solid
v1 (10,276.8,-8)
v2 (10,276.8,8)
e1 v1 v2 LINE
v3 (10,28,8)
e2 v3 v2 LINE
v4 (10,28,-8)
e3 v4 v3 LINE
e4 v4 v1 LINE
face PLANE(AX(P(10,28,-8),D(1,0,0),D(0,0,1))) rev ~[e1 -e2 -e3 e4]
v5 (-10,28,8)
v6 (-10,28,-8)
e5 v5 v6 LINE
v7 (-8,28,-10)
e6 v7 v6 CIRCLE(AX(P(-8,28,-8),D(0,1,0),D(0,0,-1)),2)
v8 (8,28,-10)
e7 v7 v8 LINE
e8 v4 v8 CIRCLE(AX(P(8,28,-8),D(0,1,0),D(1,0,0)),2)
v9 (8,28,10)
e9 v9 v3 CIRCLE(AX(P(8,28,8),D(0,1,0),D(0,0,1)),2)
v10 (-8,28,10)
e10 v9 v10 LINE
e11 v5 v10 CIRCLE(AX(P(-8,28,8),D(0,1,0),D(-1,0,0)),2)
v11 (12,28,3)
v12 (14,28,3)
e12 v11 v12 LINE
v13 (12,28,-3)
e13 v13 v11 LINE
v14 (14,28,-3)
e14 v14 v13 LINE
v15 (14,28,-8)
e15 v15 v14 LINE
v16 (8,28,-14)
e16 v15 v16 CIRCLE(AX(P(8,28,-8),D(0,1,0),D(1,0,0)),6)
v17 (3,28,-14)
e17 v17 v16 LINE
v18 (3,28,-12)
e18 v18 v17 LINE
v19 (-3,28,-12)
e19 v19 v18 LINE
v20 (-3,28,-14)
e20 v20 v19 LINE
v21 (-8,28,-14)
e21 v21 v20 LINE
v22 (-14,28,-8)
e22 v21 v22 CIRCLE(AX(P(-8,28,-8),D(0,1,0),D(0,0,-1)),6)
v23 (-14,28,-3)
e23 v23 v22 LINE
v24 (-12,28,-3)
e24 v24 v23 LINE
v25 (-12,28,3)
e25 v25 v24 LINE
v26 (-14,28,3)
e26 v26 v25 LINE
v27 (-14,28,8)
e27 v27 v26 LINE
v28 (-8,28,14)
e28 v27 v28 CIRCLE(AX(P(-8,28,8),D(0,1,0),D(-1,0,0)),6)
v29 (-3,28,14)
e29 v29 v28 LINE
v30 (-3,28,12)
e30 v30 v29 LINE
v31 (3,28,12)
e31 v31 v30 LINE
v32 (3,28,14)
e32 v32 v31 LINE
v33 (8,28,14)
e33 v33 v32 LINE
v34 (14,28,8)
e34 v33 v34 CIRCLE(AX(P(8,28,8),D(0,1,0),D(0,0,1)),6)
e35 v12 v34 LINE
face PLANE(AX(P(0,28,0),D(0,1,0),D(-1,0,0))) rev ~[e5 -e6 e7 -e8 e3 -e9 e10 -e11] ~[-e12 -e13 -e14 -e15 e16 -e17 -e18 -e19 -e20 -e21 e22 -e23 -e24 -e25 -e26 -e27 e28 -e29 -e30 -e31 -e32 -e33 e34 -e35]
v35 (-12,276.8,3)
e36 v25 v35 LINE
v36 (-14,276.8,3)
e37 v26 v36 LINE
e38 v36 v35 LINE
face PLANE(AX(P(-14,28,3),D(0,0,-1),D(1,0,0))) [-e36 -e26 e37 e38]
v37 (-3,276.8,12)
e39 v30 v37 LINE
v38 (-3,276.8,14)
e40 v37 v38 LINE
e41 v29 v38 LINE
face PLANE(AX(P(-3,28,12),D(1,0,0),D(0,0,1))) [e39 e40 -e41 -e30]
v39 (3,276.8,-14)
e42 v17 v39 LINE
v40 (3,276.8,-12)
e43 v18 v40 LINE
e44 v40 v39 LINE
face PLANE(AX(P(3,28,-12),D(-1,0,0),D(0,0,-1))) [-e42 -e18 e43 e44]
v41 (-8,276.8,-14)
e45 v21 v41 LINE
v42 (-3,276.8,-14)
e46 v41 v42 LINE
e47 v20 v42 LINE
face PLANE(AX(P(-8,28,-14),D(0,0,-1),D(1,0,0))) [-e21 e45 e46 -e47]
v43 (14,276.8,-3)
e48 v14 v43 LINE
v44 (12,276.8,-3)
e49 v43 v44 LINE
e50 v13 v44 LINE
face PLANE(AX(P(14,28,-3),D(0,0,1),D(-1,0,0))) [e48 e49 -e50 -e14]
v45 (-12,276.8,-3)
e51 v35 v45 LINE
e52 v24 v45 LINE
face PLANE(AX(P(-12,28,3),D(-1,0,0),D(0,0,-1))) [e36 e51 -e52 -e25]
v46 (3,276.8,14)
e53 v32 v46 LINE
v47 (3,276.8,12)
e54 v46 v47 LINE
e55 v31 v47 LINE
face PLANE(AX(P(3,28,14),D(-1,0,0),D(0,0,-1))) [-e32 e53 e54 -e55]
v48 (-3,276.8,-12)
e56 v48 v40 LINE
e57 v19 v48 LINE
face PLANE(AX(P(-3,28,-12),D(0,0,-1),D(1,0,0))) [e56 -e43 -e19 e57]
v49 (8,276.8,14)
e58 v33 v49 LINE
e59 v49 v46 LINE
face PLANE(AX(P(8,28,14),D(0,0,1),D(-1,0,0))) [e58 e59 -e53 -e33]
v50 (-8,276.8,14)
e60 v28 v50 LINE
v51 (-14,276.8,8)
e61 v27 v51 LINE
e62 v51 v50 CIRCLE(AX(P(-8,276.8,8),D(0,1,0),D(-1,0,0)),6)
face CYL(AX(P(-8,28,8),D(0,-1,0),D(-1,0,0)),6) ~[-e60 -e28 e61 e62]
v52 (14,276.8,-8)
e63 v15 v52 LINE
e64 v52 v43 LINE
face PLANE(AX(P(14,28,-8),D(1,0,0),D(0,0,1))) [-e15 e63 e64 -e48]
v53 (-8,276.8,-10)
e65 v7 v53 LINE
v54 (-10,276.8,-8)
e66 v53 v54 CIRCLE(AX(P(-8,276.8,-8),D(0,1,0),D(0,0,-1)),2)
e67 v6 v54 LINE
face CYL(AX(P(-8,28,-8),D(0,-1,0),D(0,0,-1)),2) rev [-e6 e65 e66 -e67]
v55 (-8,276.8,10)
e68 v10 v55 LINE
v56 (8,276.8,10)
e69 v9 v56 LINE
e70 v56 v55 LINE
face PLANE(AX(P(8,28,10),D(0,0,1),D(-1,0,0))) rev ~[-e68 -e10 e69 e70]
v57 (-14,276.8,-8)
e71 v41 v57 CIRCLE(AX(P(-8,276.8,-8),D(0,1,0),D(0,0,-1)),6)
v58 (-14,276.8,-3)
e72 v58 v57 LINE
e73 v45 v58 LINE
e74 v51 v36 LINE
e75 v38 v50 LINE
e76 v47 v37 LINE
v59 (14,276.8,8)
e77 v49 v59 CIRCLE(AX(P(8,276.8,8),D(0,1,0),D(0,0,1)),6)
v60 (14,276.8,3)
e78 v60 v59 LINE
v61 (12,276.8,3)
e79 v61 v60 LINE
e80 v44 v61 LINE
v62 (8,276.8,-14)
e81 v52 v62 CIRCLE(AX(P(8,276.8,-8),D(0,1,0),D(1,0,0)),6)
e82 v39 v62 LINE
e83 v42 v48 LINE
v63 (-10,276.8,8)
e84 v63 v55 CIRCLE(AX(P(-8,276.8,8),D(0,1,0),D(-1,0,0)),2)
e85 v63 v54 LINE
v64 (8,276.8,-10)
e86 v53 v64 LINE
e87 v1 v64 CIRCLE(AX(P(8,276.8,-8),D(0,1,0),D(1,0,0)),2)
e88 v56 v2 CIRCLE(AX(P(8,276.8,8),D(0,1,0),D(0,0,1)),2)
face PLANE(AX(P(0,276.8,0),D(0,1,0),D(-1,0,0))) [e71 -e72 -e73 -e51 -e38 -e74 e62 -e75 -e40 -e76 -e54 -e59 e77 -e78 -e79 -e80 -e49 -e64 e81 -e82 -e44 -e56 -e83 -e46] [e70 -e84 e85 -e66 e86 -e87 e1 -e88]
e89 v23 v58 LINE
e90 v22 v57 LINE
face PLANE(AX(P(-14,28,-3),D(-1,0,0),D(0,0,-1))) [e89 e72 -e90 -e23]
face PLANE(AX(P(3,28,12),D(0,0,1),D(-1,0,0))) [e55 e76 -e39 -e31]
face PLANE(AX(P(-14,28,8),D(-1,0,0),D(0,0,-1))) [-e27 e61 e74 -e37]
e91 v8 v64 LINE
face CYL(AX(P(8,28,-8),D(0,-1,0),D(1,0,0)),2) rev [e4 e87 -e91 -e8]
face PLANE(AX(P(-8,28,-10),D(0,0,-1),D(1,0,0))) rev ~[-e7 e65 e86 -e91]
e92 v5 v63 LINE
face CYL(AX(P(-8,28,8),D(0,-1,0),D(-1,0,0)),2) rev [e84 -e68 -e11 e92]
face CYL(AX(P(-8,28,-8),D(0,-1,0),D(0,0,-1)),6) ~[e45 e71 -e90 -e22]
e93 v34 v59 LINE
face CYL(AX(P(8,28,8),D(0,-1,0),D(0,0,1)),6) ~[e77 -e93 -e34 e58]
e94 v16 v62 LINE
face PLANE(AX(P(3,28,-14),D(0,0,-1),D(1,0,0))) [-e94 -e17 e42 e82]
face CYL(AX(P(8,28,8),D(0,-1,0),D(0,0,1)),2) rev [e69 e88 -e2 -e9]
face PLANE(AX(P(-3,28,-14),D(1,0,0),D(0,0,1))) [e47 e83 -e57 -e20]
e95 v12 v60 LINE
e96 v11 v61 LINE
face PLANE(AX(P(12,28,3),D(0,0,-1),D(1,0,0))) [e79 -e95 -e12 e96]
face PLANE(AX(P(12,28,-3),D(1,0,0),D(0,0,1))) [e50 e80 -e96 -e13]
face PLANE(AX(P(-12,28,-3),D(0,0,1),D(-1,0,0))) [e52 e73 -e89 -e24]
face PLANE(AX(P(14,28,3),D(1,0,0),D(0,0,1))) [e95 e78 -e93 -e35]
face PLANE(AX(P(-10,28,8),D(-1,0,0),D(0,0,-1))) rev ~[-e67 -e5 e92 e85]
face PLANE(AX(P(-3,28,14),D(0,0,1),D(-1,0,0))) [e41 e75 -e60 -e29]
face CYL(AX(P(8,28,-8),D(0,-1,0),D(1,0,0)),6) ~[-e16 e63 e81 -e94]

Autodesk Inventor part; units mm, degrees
ref_plane "Start Plane" through (0, 28, 0) normal (0, 1, 0) x (-1, 0, 0)
ref_plane "End Plane" through (0, 276.8, 0) normal (0, 1, 0) x (-1, 0, 0)
sketch "Sketch" plane through (0, 0, 0) normal (0, 1, 0) x (-1, 0, 0)
  line L0 (8, -10) -> (-8, -10)
  line L1 (-10, -8) -> (-10, 8)
  line L2 (-8, 10) -> (8, 10)
  line L3 (10, 8) -> (10, -8)
  line L4 (10, -10) -> (-10, 10) construction
  line L5 (-10, -10) -> (10, 10) construction
  line L6 (14, -14) -> (-14, 14) construction
  line L7 (-14, -14) -> (14, 14) construction
  arc A0 (8, -10) -> (10, -8) centre (8, -8) ccw
  arc A1 (-10, -8) -> (-8, -10) centre (-8, -8) ccw
  arc A2 (-8, 10) -> (-10, 8) centre (-8, 8) ccw
  arc A3 (10, 8) -> (8, 10) centre (8, 8) ccw
  arc A4 (8, -14) -> (14, -8) centre (8, -8) ccw
  arc A5 (-14, -8) -> (-8, -14) centre (-8, -8) ccw
  arc A6 (-8, 14) -> (-14, 8) centre (-8, 8) ccw
  arc A7 (14, 8) -> (8, 14) centre (8, 8) ccw
  line L8 (3, -14) -> (3, -12)
  line L9 (3, -12) -> (-3, -12)
  line L10 (-3, -12) -> (-3, -14)
  line L11 (-14, -3) -> (-12, -3)
  line L12 (-12, -3) -> (-12, 3)
  line L13 (-12, 3) -> (-14, 3)
  line L14 (-3, 14) -> (-3, 12)
  line L15 (-3, 12) -> (3, 12)
  line L16 (3, 12) -> (3, 14)
  line L17 (14, 3) -> (12, 3)
  line L18 (12, 3) -> (12, -3)
  line L19 (12, -3) -> (14, -3)
  line L20 (0, -10) -> (0, -12) construction
  line L21 (-10, 0) -> (-12, 0) construction
  line L22 (0, 10) -> (0, 12) construction
  line L23 (10, 0) -> (12, 0) construction
  line L24 (14, 8) -> (14, 3)
  line L25 (14, -3) -> (14, -8)
  line L26 (8, -14) -> (3, -14)
  line L27 (-3, -14) -> (-8, -14)
  line L28 (-14, -8) -> (-14, -3)
  line L29 (-14, 3) -> (-14, 8)
  line L30 (-8, 14) -> (-3, 14)
  line L31 (3, 14) -> (8, 14)
  point P0 (0, 0)
  dimension "d1" = 20
  dimension "d2" = 2
  dimension "d3" = 6
  dimension "d4" = 20
  dimension "d5" = 6
  dimension "d6" = 2
  dimension "d8" = 28
extrude "Body" add sketch "Sketch" along normal up to surface (248.8 mm away) from surface at 28
sketch "Sketch2" plane through (0, 0, 0) normal (0, 1, 0) x (-1, 0, 0)
  line L0 (0, 0) -> (10, 0)
ref_plane "Work Plane3" through (0, 0, 0) normal (0, 0, -1) x (-1, 0, 0)
sketch "Sketch3" plane through (0, 0, 0) normal (0, 0, -1) x (-1, 0, 0)
  line L0 (-2, 28) -> (12, 28) construction
  line L1 (-2, 276.8) -> (12, 276.8) construction
  dimension "d16" = 248.8
ref_plane "Work Plane5" through (8, 28, -290.8) normal (0, -1, 0) x (1, 0, 0)
split "Split2" plane through (8, 28, -290.8) removes the side toward (0, -1, 0)
ref_plane "Work Plane6" through (-3, 276.8, 14) normal (0, 1, 0) x (1, 0, 0)
split "Split3" plane through (-3, 276.8, 14) removes the side toward (0, 1, 0)
equation "\"G_OFFSET_START\" = -28"
equation "\"G_OFFSET_END\" = -28"
equation "\"d11\" = -G_OFFSET_START"
equation "\"d12\" = Length + G_OFFSET_END"
equation "\"G_L\" = d16"
equation "\"Length\" = 304.8"
properties part number "CE-5.2.2-PR" material "Steel, Mild"
